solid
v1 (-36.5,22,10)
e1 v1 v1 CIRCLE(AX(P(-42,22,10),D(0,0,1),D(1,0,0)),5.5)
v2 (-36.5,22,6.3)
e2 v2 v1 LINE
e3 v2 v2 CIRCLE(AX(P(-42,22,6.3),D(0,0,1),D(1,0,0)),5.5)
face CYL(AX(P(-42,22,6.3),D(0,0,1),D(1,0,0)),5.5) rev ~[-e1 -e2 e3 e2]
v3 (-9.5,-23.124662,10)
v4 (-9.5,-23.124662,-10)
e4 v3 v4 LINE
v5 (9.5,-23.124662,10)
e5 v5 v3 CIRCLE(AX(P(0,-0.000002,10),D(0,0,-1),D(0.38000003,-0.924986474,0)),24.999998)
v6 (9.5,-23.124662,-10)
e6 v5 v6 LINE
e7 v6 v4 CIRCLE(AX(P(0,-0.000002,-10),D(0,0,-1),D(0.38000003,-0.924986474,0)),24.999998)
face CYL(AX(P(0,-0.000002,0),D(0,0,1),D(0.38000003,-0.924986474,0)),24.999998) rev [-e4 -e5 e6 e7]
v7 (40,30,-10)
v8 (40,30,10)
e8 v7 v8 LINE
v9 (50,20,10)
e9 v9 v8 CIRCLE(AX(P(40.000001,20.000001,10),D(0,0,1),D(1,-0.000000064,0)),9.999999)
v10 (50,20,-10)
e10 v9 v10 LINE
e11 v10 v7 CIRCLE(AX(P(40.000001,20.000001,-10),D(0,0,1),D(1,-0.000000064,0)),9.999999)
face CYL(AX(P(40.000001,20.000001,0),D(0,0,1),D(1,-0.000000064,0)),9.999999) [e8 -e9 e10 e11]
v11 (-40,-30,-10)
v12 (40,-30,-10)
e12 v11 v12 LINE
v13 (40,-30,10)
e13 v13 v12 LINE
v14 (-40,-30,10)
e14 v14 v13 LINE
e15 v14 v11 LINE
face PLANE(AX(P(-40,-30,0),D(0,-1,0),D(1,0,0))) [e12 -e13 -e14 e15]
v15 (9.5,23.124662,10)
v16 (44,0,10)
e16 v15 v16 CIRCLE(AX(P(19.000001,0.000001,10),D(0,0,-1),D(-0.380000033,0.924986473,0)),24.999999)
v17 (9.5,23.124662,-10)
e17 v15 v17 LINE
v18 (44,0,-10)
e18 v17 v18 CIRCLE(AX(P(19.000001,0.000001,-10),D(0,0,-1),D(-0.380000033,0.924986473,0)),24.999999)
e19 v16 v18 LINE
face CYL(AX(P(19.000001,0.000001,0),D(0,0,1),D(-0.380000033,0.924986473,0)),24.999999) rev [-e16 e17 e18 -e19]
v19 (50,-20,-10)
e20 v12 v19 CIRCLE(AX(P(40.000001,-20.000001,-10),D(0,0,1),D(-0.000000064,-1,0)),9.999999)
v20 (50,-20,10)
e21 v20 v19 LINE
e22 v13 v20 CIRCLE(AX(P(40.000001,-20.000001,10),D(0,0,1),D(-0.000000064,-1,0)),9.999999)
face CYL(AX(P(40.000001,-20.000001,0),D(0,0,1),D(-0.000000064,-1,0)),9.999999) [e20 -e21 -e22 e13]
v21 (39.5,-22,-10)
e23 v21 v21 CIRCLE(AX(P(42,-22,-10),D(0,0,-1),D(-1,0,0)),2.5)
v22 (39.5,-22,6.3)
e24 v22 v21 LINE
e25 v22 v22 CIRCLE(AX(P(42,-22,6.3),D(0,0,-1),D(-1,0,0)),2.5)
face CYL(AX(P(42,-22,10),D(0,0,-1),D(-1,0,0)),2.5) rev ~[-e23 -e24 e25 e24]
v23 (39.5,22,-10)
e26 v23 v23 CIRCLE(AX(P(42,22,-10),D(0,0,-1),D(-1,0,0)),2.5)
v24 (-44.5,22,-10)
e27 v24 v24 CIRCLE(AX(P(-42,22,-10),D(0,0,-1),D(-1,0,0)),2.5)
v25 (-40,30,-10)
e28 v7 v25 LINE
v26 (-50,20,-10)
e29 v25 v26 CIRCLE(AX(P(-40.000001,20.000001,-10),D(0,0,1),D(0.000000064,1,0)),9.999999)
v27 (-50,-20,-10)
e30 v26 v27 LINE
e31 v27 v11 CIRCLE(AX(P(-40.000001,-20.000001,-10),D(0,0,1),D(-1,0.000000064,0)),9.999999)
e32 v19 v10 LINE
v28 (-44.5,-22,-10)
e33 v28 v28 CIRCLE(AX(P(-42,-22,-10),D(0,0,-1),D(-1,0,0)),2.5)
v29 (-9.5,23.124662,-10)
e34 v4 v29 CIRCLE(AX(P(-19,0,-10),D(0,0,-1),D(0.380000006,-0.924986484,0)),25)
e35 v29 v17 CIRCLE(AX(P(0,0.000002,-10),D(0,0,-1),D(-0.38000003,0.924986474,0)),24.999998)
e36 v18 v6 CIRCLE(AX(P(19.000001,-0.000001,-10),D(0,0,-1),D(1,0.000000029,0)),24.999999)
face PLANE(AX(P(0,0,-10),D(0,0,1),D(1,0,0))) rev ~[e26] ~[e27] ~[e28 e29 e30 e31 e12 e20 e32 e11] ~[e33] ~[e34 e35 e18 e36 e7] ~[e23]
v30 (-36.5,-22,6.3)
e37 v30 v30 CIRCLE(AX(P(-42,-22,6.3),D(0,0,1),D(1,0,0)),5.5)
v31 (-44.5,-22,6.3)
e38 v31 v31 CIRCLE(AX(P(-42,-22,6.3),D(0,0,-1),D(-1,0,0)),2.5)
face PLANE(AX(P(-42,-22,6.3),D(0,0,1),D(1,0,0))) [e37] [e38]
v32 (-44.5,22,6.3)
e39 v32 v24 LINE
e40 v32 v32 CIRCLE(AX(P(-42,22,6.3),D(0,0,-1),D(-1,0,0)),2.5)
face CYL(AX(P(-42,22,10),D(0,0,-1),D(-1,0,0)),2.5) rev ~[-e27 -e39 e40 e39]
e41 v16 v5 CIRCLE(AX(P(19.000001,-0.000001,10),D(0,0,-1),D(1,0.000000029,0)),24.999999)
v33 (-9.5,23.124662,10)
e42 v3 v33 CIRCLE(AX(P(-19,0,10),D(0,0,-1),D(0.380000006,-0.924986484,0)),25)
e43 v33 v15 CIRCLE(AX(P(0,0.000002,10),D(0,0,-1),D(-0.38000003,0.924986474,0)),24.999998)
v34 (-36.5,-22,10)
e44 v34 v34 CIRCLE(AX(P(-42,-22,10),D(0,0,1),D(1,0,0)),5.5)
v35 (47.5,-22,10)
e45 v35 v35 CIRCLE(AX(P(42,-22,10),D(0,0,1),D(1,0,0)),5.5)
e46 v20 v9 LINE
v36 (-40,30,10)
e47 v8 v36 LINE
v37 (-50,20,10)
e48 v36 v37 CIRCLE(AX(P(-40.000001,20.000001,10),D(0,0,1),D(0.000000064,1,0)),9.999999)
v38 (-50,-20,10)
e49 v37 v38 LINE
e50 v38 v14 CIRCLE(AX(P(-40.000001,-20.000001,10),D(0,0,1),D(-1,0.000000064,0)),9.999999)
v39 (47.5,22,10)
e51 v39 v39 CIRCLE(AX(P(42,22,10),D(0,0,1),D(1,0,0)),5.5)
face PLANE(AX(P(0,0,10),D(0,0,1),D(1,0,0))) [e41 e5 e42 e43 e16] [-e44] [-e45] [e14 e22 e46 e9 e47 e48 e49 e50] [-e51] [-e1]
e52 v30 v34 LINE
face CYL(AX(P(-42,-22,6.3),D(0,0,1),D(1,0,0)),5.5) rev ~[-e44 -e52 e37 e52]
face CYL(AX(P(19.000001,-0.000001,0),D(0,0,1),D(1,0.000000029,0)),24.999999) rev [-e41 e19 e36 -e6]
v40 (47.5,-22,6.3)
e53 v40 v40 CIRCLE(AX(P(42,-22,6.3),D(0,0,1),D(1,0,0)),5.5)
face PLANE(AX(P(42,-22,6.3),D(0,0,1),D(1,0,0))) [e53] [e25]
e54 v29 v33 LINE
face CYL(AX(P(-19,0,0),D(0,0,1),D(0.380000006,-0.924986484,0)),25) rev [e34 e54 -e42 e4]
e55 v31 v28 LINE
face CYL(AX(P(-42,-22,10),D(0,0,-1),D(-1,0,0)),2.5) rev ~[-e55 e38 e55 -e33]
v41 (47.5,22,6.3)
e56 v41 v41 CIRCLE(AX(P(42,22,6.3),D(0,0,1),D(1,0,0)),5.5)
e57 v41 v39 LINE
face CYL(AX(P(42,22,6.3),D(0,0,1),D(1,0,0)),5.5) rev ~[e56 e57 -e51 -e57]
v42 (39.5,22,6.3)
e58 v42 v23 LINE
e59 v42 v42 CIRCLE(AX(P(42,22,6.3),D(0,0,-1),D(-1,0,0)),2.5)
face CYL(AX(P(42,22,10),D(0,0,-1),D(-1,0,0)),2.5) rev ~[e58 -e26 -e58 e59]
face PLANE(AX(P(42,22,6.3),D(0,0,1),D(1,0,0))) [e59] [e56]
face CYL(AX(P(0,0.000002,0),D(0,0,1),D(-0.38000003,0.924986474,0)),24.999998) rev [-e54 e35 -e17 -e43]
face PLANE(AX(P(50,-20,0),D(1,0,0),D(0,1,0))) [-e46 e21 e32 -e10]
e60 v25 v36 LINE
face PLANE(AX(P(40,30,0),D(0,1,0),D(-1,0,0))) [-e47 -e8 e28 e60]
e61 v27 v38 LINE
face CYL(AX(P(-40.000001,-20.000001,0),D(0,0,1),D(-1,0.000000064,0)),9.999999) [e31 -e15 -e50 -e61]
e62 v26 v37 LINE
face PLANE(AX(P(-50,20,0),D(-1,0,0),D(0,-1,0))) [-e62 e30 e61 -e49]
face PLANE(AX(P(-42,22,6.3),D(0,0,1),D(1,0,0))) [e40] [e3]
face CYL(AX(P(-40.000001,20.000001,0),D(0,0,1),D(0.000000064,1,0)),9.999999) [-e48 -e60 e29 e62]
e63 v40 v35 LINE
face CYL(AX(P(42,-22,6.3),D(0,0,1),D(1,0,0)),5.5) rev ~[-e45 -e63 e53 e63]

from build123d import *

# Parameters (mm, degrees)
F1_DEPTH       = 10
F1_DEPTH_BACK  = 10
F3_D           = 5
F3_CBORE_D     = 11
F3_CBORE_DEPTH = 3.7


with BuildPart() as f1:
    # F0 (on Top) → F1 (new body, two sides)
    with BuildSketch(Plane.XY) as f1_sk:
        with BuildLine():
            ThreePointArc((50, 20), (47.071068, 27.071068), (40, 30))
            Line((40, 30), (-40, 30))
            ThreePointArc((-40, 30), (-47.071068, 27.071068), (-50, 20))
            Line((-50, 20), (-50, -20))
            ThreePointArc((-50, -20), (-47.071068, -27.071068), (-40, -30))
            Line((-40, -30), (40, -30))
            ThreePointArc((40, -30), (47.071068, -27.071068), (50, -20))
            Line((50, -20), (50, 20))
        make_face()
        with BuildLine():
            ThreePointArc((-9.5, 23.124662), (0, 25), (9.5, 23.124662))
            ThreePointArc((9.5, 23.124662), (32.919411, 20.76656), (44, 0))
            ThreePointArc((44, 0), (32.919411, -20.76656), (9.5, -23.124662))
            ThreePointArc((9.5, -23.124662), (0, -25), (-9.5, -23.124662))
            ThreePointArc((-9.5, -23.124662), (-44, 0), (-9.5, 23.124662))
        make_face(mode=Mode.SUBTRACT)
    extrude(amount=F1_DEPTH)
    extrude(f1_sk.sketch, amount=-F1_DEPTH_BACK)

    # F3 (through all)
    with Locations(Plane.XY.offset(10)):
        with Locations((-42, -22), (-42, 22), (42, 22), (42, -22)):
            CounterBoreHole(F3_D / 2, F3_CBORE_D / 2, F3_CBORE_DEPTH)


solid = f1.part
